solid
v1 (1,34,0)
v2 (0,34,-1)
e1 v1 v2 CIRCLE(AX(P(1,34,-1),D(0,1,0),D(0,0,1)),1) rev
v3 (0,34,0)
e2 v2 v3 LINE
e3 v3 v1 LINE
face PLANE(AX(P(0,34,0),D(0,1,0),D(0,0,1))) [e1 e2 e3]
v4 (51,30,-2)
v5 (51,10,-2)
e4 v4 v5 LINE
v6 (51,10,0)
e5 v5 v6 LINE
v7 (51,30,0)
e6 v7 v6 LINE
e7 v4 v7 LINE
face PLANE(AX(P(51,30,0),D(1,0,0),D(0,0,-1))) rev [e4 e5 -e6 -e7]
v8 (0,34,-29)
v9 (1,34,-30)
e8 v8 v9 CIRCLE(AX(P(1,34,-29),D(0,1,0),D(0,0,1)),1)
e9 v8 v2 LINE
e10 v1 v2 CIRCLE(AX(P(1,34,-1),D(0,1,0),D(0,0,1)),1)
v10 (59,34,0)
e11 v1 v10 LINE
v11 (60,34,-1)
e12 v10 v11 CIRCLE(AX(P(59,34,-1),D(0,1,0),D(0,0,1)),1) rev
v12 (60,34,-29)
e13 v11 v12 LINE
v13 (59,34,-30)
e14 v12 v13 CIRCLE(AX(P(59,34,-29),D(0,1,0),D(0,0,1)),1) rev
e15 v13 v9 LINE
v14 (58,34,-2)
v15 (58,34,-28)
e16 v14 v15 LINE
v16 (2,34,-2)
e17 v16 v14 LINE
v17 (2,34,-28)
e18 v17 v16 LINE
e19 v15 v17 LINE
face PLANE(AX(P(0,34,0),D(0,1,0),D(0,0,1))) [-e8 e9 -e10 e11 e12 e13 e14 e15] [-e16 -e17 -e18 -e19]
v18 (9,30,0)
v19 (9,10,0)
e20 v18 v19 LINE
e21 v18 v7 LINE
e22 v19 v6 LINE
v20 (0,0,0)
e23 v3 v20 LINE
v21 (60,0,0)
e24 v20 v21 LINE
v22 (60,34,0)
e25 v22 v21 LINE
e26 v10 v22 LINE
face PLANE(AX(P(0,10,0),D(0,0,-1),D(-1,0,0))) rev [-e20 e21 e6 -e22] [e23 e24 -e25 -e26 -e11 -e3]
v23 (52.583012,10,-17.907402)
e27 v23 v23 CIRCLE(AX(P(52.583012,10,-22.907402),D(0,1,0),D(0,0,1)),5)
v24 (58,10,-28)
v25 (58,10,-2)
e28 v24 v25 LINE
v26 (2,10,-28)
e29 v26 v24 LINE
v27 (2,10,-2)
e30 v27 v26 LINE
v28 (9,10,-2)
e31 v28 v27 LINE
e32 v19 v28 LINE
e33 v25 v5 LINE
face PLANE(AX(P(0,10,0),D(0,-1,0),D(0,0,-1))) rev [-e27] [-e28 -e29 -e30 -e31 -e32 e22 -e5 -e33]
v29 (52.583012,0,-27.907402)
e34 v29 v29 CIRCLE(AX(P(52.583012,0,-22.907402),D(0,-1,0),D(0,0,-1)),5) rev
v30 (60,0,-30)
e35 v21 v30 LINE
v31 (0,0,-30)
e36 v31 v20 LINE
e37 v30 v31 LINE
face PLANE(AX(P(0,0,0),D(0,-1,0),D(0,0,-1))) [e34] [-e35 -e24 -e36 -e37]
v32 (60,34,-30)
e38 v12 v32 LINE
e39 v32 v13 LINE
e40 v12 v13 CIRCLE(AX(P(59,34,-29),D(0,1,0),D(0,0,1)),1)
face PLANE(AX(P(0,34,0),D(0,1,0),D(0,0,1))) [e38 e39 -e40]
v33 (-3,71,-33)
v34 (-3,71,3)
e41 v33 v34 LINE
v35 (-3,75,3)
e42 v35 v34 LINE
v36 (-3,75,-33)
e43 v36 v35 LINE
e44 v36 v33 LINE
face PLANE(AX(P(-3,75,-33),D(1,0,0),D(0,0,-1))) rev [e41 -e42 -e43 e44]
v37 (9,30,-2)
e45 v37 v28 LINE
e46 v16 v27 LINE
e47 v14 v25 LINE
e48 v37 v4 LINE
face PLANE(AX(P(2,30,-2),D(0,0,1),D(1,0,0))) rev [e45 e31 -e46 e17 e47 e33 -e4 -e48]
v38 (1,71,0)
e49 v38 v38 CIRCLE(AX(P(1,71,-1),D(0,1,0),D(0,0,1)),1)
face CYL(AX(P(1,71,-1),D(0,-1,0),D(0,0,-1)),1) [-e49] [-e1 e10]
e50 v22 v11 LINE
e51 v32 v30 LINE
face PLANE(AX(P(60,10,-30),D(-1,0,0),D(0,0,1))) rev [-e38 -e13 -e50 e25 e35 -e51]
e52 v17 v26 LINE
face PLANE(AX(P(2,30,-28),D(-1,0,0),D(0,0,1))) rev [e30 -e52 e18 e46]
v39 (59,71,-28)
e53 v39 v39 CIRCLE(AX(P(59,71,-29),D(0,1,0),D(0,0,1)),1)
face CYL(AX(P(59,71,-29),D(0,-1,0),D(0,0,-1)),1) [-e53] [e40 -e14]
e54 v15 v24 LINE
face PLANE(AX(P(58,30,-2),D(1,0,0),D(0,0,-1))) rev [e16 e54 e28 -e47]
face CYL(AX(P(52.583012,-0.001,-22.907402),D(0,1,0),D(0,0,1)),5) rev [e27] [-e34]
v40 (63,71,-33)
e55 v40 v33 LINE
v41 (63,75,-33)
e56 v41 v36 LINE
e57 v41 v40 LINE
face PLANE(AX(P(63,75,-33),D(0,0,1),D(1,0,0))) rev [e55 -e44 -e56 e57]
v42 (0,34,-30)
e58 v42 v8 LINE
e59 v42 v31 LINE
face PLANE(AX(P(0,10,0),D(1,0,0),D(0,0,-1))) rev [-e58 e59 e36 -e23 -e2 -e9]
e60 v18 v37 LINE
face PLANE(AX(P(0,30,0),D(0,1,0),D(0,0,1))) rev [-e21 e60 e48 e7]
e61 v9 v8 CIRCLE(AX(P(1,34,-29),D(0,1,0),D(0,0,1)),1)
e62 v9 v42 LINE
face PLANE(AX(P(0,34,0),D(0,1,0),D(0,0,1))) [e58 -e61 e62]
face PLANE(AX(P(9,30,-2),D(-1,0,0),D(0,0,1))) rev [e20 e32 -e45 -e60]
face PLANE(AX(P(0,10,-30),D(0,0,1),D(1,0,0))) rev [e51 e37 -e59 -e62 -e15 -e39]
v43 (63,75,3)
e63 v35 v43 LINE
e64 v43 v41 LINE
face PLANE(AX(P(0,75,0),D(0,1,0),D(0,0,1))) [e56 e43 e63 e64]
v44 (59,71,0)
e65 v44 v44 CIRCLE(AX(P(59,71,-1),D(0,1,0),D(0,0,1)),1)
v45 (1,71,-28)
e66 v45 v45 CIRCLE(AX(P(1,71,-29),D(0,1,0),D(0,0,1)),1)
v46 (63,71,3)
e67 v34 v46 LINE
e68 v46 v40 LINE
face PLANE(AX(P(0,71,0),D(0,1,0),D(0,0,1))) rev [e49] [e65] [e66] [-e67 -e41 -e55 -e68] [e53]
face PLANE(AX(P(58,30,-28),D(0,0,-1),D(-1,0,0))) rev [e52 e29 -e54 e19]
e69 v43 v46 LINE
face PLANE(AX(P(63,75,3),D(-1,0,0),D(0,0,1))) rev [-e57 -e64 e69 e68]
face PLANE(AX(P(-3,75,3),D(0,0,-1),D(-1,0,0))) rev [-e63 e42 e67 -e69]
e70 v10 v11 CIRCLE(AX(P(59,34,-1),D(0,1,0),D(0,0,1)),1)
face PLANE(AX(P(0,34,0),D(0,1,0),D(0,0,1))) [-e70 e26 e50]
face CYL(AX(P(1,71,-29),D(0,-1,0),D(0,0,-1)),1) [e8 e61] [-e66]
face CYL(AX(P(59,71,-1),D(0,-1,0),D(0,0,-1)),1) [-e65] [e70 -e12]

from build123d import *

# Parameters (mm, degrees)
SKETCH_1_W          = 60
SKETCH_1_H          = 30
EXTRUDE_1_DEPTH     = 10
EXTRUDE_2_DEPTH     = 20
SKETCH_3_W          = 60
SKETCH_3_H          = 30
SKETCH_3_W_2        = 56
SKETCH_3_H_2        = 26
EXTRUDE_3_DEPTH     = 4
SKETCH_4_R          = 1
EXTRUDE_4_DEPTH     = 37
SKETCH_5_W          = 66
SKETCH_5_H          = 36
EXTRUDE_5_DEPTH     = 4
CUT_EXTRUDE_1_REACH = 98.348
SKETCH_6_R          = 5


with BuildPart() as part:
    # 草图1 → 凸台-拉伸1 (new body)
    with BuildSketch(Plane(origin=(0, 0, 0), x_dir=(1, 0, 0), z_dir=(0, 1, 0))):
        with Locations((30, 15)):
            Rectangle(SKETCH_1_W, SKETCH_1_H)
    extrude(amount=EXTRUDE_1_DEPTH)

    # 草图2 → 凸台-拉伸2 (add)
    with BuildSketch(Plane(origin=(0, 10, 0), x_dir=(1, 0, 0), z_dir=(0, 1, 0))):
        Polygon((60, 0), (51, 0), (51, 2), (58, 2), (58, 28), (2, 28), (2, 2), (9, 2), (9, 0), (0, 0), (0, 30), (60, 30), align=None)
    extrude(amount=EXTRUDE_2_DEPTH)

    # 草图3 → 凸台-拉伸3 (add)
    with BuildSketch(Plane(origin=(0, 30, 0), x_dir=(1, 0, 0), z_dir=(0, 1, 0))):
        with Locations((30, 15)):
            Rectangle(SKETCH_3_W, SKETCH_3_H)
        with Locations((30, 15)):
            Rectangle(SKETCH_3_W_2, SKETCH_3_H_2, mode=Mode.SUBTRACT)
    extrude(amount=EXTRUDE_3_DEPTH)

    # 草图4 → 凸台-拉伸4 (add)
    with BuildSketch(Plane(origin=(0, 34, 0), x_dir=(1, 0, 0), z_dir=(0, 1, 0))):
        with Locations(Location((1, 29, 0), (0, 0, 90))):
            Circle(SKETCH_4_R)
        with Locations(Location((1, 1, 0), (0, 0, 270))):
            Circle(SKETCH_4_R)
        with Locations(Location((59, 29, 0), (0, 0, 90))):
            Circle(SKETCH_4_R)
        with Locations(Location((59, 1, 0), (0, 0, 270))):
            Circle(SKETCH_4_R)
    extrude(amount=EXTRUDE_4_DEPTH)

    # 草图5 → 凸台-拉伸5 (add)
    with BuildSketch(Plane(origin=(0, 71, 0), x_dir=(1, 0, 0), z_dir=(0, 1, 0))):
        with Locations((30, 15)):
            Rectangle(SKETCH_5_W, SKETCH_5_H)
    extrude(amount=EXTRUDE_5_DEPTH)

    # 草图6 → 切除-拉伸1 (cut, up to next)
    with BuildSketch(Plane(origin=(0, 10, 0), x_dir=(1, 0, 0), z_dir=(0, 1, 0)), mode=Mode.PRIVATE) as cut_extrude_1_sk1:
        with Locations(Location((52.583011954, 22.907401762, 0), (0, 0, 270))):
            Circle(SKETCH_6_R)
    cut_extrude_1_tool1 = extrude(cut_extrude_1_sk1.sketch, amount=-CUT_EXTRUDE_1_REACH, mode=Mode.PRIVATE) & part.part
    add(cut_extrude_1_tool1.solids().sort_by_distance((52.583012, 10, -22.907402))[0], mode=Mode.SUBTRACT)


solid = part.part
